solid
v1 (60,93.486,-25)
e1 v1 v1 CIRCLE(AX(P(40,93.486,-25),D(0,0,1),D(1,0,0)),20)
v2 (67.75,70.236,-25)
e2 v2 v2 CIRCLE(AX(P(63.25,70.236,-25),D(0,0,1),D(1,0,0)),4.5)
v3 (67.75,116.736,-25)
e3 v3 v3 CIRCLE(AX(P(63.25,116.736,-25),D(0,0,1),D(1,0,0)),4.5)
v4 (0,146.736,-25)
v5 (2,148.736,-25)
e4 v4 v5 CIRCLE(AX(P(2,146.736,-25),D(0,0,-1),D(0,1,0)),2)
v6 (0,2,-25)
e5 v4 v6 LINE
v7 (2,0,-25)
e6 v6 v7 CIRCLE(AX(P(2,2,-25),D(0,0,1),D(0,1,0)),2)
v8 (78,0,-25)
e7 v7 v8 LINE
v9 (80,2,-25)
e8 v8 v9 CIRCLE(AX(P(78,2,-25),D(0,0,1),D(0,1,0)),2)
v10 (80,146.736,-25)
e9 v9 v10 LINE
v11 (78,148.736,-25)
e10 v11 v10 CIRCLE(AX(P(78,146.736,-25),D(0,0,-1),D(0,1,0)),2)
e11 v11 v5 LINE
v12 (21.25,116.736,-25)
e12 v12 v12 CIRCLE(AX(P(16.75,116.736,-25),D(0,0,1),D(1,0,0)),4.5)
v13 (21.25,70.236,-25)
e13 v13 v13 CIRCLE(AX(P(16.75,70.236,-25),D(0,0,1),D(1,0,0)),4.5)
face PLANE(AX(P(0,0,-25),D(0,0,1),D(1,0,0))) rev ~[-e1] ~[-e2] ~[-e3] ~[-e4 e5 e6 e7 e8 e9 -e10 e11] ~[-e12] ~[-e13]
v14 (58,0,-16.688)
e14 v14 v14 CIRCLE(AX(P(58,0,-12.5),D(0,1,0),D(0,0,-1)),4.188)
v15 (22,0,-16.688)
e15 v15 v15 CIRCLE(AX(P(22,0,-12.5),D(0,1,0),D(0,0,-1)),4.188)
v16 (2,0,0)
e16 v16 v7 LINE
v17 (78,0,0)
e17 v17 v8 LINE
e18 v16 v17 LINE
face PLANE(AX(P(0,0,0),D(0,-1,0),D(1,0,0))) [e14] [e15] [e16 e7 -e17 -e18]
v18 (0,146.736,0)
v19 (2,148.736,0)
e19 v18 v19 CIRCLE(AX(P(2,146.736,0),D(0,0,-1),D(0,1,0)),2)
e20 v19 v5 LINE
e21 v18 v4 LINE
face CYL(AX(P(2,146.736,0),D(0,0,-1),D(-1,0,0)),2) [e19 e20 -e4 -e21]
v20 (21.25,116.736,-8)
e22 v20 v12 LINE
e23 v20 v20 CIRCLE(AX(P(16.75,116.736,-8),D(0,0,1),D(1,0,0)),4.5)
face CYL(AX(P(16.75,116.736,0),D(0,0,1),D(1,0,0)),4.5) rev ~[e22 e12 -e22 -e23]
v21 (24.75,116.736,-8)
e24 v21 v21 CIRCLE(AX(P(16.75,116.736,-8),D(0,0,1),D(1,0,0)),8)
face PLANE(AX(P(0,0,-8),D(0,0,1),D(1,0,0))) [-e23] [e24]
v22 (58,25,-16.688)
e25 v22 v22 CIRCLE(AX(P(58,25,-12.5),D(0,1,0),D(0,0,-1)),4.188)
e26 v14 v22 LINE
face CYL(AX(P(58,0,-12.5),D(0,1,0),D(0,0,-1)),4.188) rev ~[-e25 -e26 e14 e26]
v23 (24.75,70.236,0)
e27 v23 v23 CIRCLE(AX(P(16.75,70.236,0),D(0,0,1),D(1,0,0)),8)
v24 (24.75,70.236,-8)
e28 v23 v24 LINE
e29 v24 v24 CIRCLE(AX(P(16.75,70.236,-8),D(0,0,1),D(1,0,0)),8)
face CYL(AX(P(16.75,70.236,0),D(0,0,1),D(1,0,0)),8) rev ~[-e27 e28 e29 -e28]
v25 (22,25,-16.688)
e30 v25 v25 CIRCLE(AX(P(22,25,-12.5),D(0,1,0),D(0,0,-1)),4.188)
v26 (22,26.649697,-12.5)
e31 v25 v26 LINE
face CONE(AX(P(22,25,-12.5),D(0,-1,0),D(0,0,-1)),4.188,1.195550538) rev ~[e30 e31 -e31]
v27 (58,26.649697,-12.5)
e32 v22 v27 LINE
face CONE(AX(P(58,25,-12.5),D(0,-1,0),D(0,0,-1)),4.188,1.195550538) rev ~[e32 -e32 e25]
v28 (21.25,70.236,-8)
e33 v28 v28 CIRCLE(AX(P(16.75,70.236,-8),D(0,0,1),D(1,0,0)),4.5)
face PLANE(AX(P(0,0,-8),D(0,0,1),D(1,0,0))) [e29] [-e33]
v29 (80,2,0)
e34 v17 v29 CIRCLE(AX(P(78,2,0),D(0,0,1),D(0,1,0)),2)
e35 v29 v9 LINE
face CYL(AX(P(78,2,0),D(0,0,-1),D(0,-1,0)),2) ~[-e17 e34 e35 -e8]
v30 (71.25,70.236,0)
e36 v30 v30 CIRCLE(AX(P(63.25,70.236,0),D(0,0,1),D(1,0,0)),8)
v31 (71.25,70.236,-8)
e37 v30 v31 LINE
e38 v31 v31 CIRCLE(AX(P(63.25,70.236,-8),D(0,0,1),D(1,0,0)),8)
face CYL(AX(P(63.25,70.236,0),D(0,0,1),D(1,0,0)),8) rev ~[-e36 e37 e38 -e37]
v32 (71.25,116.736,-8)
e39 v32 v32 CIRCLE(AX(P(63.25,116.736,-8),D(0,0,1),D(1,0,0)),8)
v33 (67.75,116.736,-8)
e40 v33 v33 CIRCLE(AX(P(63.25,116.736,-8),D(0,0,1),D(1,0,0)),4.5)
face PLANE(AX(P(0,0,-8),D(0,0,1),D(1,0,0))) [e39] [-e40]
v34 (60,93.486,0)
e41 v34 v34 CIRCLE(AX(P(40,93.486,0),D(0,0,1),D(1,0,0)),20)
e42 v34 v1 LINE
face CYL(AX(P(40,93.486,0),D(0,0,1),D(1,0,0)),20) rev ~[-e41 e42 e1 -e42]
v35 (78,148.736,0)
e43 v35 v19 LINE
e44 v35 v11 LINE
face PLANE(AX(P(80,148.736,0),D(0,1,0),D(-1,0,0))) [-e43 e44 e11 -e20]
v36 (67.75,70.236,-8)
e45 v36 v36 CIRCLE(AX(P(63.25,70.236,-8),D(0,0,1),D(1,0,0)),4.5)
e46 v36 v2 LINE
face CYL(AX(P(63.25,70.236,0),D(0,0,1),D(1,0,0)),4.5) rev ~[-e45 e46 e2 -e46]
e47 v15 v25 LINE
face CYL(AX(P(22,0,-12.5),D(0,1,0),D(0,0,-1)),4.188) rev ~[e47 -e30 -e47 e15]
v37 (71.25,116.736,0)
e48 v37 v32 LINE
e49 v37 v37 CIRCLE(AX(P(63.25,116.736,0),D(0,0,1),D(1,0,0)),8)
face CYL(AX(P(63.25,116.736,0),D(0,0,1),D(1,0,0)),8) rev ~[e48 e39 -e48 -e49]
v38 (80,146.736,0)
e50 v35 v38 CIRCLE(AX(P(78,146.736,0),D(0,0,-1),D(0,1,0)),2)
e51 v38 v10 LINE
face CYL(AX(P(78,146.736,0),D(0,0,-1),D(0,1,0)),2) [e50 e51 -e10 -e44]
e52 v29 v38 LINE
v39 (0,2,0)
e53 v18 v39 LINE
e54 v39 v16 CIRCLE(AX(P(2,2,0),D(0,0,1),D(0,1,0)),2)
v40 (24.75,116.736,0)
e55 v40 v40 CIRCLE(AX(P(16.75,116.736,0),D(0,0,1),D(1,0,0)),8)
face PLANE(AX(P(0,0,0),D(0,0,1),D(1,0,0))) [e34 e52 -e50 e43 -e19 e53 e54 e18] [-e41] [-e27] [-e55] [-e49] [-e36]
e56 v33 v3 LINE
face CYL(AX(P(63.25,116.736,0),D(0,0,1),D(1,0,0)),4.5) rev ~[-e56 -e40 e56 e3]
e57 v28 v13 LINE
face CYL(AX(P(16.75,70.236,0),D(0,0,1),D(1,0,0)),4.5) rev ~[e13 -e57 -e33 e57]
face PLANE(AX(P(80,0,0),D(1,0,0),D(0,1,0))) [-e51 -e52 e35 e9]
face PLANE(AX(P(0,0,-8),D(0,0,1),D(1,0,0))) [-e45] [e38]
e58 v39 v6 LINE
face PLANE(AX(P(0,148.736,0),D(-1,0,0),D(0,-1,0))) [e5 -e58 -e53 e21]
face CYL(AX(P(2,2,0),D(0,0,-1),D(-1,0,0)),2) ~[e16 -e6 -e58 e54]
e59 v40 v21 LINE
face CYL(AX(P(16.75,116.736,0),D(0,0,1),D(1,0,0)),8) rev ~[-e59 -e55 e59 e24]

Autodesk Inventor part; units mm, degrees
ref_plane "YZ Plane" through (0, 0, 0) normal (1, 0, 0) x (0, 1, 0)
ref_plane "XZ Plane" through (0, 0, 0) normal (0, 1, 0) x (-1, 0, 0)
ref_plane "XY Plane" through (0, 0, 0) normal (0, 0, 1) x (1, 0, 0)
sketch "Sketch1" plane through (0, 0, 0) normal (0, 0, 1) x (1, 0, 0)
  line L0 (0, 0) -> (80, 0)
  line L1 (80, 0) -> (80, 148.736)
  line L2 (80, 148.736) -> (0, 148.736)
  line L3 (0, 148.736) -> (0, 0)
  circle A0 centre (40, 93.486) radius 20
  circle A1 centre (16.75, 116.736) radius 4.5
  circle A2 centre (63.25, 116.736) radius 4.5
  circle A3 centre (16.75, 70.236) radius 4.5
  circle A4 centre (63.25, 70.236) radius 4.5
  dimension "d0" = 40
  dimension "d1" = 23.25
  dimension "d2" = 23.25
  dimension "d3" = 23.25
  dimension "d4" = 23.25
  dimension "d5" = 23.25
  dimension "d6" = 23.25
  dimension "d7" = 23.25
  dimension "d8" = 23.25
  dimension "d9" = 9
  dimension "d10" = 93.486
  dimension "d11" = 80
  dimension "d12" = 40
  dimension "d13" = 32
extrude "Extrusion1" add sketch "Sketch1" against normal blind 25
sketch "Sketch2" plane through (0, 0, 0) normal (0, 0, 1) x (1, 0, 0)
  circle A0 centre (16.75, 116.736) radius 4.5 projected
  circle A1 centre (63.25, 116.736) radius 4.5 projected
  circle A2 centre (16.75, 70.236) radius 4.5 projected
  circle A3 centre (63.25, 70.236) radius 4.5 projected
  circle A4 centre (16.75, 116.736) radius 8
  circle A5 centre (63.25, 116.736) radius 8
  circle A6 centre (16.75, 70.236) radius 8
  circle A7 centre (63.25, 70.236) radius 8
  point P0 (0, 0)
  dimension "d16" = 16
  dimension "d17" = 16
  dimension "d18" = 16
  dimension "d19" = 16
extrude "Extrusion2" cut sketch "Sketch2" against normal blind 8 contours A0 | A1 | A2 | A3 | A4 | A5 | A6 | A7
fillet "Fillet1" radius 2 4 edges at (80, 148.736, -12.5) (0, 148.736, -12.5) (80, 0, -12.5) (0, 0, -12.5)
sketch "Sketch3" plane through (2, 0, 0) normal (0, -1, 0) x (1, 0, 0)
  line L0 (-2, 0) -> (-2, -25) projected
  line L1 (78, -25) -> (78, 0) projected
  line L2 (0, 0) -> (76, 0) projected
  point P0 (20, -12.5)
  point P1 (56, -12.5)
  dimension "d28" = 22
  dimension "d29" = 12.5
  dimension "d30" = 22
  dimension "d31" = 12.5
hole "Hole1" at (58, 0, -12.5) at (22, 0, -12.5) direction (0, 1, 0) diameter 8.376 depth 25 tip angle 137 thread size "M10x1.5" class "6H" standard "ISO Metric profile"
equation "\"d2\" = d1"
equation "\"d3\" = d1"
equation "\"d4\" = d1"
equation "\"d5\" = d1"
equation "\"d6\" = d1"
equation "\"d7\" = d1"
equation "\"d8\" = d1"
equation "\"d12\" = 0.5 * d11"
equation "\"d30\" = d28"
equation "\"d31\" = d29"
properties part number "Soporte1_CilindroHorizontal"
